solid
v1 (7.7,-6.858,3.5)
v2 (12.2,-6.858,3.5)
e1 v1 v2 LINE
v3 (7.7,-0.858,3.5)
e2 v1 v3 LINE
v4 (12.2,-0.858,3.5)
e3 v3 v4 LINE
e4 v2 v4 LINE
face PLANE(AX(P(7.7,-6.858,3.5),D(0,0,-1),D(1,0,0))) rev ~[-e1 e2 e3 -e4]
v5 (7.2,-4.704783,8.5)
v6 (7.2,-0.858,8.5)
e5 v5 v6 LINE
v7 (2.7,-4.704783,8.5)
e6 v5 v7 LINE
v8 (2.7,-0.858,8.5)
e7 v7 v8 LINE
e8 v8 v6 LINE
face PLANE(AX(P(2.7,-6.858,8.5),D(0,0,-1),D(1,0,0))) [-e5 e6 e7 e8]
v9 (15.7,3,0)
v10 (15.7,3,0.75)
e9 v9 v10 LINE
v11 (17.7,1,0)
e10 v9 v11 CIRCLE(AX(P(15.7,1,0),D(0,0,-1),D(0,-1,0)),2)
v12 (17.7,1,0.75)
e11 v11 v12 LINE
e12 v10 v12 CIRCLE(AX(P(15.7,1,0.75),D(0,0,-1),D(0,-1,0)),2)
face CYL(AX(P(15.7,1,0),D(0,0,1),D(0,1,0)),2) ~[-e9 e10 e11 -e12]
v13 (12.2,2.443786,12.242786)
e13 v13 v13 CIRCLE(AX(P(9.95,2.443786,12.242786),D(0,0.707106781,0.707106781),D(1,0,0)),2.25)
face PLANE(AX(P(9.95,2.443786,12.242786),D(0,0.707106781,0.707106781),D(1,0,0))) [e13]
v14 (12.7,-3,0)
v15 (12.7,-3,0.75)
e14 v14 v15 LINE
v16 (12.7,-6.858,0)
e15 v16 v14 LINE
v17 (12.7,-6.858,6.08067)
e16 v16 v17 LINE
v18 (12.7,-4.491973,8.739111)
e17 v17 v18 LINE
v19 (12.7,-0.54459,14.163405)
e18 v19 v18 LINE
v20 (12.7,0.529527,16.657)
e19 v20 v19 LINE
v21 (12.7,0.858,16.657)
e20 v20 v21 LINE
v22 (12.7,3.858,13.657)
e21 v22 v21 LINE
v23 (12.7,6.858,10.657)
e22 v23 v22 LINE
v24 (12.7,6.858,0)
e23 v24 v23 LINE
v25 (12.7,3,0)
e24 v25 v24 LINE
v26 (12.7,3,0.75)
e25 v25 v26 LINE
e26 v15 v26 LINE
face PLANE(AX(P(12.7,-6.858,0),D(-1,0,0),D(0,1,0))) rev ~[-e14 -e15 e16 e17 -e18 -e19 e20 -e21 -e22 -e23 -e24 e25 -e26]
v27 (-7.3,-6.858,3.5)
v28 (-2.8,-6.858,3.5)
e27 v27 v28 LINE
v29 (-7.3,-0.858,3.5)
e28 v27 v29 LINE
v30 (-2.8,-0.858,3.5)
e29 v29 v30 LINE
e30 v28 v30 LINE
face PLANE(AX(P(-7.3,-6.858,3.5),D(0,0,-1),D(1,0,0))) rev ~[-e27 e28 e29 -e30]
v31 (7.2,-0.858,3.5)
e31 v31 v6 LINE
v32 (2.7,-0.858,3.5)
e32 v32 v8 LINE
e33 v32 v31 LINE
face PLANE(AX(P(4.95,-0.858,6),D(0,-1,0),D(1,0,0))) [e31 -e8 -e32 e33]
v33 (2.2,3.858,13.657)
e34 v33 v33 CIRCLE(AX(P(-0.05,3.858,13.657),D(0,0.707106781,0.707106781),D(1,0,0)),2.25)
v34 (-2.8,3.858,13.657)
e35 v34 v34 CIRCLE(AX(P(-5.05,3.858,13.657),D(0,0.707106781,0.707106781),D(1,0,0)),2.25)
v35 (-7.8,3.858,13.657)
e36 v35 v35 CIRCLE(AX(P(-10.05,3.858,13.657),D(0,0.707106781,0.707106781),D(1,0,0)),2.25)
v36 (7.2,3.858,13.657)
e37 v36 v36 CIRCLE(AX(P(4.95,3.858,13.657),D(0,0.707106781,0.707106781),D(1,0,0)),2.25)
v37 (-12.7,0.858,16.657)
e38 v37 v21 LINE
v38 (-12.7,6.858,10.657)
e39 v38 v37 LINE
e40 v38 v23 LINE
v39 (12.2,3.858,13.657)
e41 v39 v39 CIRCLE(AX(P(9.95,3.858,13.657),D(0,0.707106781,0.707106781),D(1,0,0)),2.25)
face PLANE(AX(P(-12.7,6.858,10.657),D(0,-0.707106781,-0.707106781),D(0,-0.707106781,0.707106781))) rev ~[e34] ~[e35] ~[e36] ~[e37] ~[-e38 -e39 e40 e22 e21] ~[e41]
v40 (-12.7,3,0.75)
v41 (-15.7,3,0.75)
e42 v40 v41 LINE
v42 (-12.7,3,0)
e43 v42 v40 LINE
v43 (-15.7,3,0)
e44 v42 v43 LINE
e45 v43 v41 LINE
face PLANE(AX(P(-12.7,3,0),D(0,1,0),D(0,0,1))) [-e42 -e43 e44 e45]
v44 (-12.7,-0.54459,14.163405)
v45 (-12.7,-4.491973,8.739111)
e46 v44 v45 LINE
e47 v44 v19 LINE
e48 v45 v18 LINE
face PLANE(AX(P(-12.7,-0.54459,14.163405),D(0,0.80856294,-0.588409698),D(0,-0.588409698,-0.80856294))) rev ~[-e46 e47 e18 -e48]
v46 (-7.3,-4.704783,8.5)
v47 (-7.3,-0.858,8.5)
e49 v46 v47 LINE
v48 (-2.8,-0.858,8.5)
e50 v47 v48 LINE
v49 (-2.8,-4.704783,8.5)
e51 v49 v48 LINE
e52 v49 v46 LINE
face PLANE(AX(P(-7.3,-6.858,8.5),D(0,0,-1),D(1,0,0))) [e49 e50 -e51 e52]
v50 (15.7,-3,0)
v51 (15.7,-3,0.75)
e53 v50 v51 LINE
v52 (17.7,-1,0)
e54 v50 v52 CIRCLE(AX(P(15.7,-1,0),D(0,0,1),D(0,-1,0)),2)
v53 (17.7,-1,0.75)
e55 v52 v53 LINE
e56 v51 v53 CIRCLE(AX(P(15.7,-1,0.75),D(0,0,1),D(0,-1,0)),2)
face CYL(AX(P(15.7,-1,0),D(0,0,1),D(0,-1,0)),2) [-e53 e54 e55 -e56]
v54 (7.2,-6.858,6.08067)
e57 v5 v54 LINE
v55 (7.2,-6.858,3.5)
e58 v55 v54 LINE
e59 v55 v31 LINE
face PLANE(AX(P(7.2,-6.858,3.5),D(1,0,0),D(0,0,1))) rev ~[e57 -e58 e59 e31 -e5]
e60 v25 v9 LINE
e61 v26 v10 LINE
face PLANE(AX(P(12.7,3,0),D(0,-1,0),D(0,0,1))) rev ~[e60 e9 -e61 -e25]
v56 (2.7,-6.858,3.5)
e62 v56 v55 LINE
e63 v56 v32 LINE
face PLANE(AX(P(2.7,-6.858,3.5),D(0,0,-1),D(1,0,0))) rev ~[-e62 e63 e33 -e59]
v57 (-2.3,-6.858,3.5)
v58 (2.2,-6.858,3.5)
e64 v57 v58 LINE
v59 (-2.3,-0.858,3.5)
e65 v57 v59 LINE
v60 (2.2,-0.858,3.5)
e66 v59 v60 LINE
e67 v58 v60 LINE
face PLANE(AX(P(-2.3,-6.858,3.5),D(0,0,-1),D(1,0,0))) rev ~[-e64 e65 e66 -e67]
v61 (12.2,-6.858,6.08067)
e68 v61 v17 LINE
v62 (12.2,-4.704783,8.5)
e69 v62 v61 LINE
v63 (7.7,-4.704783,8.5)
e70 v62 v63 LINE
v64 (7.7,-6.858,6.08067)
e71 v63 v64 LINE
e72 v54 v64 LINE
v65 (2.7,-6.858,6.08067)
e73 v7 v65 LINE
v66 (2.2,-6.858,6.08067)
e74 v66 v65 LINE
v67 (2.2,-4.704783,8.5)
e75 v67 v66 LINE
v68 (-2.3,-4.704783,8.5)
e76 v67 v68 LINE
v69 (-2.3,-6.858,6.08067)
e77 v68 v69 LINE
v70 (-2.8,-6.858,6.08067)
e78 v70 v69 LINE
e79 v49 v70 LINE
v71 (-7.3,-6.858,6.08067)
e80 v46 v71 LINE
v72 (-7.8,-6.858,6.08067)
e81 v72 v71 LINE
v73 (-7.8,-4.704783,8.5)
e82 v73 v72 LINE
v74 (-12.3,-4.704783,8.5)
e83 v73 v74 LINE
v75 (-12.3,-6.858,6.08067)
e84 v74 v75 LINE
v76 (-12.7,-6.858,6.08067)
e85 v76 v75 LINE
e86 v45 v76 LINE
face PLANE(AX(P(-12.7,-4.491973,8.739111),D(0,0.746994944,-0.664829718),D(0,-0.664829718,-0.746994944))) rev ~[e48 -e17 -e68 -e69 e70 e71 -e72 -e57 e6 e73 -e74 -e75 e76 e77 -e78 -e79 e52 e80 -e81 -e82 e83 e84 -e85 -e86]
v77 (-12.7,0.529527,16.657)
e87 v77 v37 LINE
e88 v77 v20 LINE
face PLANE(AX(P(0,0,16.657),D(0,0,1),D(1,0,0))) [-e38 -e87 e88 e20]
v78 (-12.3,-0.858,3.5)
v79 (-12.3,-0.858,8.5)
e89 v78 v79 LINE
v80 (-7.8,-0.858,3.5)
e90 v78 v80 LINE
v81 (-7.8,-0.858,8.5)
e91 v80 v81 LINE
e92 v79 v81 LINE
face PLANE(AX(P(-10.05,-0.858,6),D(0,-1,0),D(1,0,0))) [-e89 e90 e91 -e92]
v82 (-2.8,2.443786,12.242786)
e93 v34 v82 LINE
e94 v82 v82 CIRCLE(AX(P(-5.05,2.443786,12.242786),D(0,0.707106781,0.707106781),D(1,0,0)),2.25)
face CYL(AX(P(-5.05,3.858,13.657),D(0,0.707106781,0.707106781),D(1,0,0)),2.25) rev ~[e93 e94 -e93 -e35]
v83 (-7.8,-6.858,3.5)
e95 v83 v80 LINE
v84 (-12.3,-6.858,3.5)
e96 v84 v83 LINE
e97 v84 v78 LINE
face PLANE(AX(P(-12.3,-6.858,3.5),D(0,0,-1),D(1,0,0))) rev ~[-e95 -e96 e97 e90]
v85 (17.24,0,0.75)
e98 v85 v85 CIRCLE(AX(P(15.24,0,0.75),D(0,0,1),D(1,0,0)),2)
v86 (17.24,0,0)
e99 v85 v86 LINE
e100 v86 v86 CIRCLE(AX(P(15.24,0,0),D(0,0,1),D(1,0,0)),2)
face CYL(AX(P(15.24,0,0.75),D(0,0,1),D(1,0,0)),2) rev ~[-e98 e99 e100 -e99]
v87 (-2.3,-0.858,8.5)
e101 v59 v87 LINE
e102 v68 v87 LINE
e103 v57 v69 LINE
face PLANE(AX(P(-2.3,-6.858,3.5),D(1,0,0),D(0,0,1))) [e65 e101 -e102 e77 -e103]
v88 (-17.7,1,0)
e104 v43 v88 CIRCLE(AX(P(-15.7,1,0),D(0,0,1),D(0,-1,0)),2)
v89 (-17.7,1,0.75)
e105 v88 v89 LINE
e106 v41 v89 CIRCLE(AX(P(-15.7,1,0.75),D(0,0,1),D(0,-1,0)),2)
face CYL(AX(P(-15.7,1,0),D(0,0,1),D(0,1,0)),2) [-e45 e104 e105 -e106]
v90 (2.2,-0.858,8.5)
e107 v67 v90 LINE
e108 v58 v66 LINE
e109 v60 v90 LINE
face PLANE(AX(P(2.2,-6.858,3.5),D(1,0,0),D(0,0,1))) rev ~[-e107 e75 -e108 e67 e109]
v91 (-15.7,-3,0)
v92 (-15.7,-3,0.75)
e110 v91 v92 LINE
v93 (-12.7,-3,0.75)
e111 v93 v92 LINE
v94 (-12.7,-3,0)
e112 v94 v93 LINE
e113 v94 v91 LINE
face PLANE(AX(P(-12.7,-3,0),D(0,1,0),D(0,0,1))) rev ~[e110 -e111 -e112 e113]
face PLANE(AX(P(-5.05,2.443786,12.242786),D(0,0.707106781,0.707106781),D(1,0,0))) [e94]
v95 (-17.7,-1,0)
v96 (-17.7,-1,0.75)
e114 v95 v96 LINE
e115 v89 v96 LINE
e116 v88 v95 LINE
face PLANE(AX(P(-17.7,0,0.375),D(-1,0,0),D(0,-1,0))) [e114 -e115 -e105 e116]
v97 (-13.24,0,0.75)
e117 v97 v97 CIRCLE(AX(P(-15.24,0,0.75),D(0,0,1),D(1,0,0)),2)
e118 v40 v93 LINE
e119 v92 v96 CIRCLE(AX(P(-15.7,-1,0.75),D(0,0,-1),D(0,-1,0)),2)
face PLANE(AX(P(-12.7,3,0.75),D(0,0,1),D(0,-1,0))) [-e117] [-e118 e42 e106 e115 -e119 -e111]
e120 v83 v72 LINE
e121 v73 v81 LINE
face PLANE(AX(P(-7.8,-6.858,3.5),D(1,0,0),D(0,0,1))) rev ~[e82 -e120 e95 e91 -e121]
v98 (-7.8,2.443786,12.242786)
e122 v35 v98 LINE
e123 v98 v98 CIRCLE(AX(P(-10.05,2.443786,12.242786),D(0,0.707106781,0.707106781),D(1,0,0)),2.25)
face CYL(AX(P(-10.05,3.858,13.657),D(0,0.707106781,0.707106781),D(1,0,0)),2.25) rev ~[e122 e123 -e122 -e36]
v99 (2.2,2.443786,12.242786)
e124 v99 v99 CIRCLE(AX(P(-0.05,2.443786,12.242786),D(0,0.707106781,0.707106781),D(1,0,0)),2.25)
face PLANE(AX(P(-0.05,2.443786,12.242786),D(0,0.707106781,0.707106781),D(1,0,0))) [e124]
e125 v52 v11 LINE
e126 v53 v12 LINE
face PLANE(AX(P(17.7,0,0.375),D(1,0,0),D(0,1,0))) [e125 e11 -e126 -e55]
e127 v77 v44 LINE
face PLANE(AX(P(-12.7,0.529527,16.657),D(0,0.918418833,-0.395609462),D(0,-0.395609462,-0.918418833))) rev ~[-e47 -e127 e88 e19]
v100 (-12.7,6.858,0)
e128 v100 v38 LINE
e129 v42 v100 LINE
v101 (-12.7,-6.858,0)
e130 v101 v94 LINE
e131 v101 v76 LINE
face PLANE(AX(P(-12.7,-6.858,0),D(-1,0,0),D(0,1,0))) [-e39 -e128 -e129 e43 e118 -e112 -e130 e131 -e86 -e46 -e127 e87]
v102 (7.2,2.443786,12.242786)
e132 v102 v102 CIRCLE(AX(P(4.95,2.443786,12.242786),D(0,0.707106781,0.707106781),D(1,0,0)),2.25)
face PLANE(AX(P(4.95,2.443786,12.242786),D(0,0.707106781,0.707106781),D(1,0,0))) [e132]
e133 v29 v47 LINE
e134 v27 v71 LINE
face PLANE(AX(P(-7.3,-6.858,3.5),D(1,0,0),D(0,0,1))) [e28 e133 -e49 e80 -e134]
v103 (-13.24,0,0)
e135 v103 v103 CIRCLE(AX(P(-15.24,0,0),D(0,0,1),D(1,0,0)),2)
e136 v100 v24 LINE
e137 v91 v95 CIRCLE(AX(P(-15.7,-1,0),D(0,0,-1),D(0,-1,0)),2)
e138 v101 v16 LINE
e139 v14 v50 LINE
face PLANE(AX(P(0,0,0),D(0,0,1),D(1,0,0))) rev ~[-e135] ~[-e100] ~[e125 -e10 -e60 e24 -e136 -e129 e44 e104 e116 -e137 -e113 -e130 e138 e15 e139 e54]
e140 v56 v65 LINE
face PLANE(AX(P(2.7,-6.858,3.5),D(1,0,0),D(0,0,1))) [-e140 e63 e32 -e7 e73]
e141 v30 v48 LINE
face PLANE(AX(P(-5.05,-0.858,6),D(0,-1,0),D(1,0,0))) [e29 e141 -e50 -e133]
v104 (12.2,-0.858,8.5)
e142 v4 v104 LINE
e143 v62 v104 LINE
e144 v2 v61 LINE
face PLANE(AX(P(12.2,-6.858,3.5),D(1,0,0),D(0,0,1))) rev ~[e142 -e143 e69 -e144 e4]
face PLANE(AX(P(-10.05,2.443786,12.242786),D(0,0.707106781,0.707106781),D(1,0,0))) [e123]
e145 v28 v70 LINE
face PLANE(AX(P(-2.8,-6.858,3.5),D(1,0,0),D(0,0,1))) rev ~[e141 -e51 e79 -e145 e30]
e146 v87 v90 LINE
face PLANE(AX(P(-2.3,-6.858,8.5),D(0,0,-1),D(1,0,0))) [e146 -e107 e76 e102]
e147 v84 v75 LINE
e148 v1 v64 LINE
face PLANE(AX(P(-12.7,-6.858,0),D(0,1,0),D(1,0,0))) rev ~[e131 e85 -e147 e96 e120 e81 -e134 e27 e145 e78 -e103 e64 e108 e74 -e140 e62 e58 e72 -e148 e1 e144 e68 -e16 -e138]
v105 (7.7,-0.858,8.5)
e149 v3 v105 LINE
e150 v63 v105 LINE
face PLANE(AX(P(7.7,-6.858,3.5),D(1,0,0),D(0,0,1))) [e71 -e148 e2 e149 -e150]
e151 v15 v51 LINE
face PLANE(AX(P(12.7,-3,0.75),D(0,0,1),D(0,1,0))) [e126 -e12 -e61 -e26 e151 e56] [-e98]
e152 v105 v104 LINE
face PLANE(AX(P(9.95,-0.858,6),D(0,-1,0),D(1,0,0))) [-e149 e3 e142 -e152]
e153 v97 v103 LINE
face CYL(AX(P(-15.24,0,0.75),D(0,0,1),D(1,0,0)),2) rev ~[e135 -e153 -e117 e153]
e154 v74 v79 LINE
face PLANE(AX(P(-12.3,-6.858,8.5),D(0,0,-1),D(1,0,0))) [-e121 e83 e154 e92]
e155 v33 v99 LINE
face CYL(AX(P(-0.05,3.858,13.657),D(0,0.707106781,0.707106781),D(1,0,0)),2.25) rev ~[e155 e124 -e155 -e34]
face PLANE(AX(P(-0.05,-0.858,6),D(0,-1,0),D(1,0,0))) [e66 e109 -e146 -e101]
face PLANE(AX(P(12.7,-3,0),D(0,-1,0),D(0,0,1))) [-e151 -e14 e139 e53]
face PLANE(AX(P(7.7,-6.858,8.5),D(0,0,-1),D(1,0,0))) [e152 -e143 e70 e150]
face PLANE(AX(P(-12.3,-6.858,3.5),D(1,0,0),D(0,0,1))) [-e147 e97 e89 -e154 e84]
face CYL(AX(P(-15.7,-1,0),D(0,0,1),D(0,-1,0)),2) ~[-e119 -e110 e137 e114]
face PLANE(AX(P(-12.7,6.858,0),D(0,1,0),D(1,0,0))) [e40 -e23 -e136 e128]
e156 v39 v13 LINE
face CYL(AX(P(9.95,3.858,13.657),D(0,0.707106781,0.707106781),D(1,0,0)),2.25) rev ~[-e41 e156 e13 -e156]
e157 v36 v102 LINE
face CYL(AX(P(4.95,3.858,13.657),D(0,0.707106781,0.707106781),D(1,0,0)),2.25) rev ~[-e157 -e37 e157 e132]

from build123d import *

# Parameters (mm, degrees)
F0_W      = 25.4
F0_H      = 13.716
F1_DEPTH  = 16.657
F3_DEPTH  = 25.401
F5_W      = 4.5
F5_H      = 5
F4_R      = 2.25
F6_DEPTH  = 6
F7_R      = 2.25
F8_DEPTH  = 2
F9_W      = 6
F9_H      = 0.75
F10_DEPTH = 5
F11_W     = 6
F11_H     = 0.75
F12_DEPTH = 5
F13_R     = 2
F14_R     = 2
F15_DEPTH = 0.751
F16_R     = 2
F17_DEPTH = 0.751


with BuildPart() as f1:
    # F0 (on Top) → F1 (new body)
    with BuildSketch(Plane.XY):
        Rectangle(F0_W, F0_H)
    extrude(amount=F1_DEPTH)

    # F2 (on face) → F3 (cut, through all)
    with BuildSketch(Plane(origin=(-12.7, 0, 0), x_dir=(0, -1, 0), z_dir=(-1, 0, 0))):
        Polygon((-6.858, 10.657), (-0.858, 16.657), (-6.858, 16.657), align=None)
        Polygon((6.858, 16.657), (-0.5295271985, 16.657), (0.5445904681, 14.1634047031), (4.491972737, 8.7391110137), (6.858, 6.0806702822), align=None)
    extrude(amount=-F3_DEPTH, mode=Mode.SUBTRACT)

    # F5 (on face) + F4 (on face) → F6 (cut)
    with BuildSketch(Plane.XZ.offset(6.858)):
        with Locations((-10.05, 6)):
            Rectangle(F5_W, F5_H)
        with Locations((-5.05, 6)):
            Rectangle(F5_W, F5_H)
        with Locations((-0.05, 6)):
            Rectangle(F5_W, F5_H)
        with Locations((4.95, 6)):
            Rectangle(F5_W, F5_H)
        with Locations((9.95, 6)):
            Rectangle(F5_W, F5_H)
        with Locations((14.95, 6)):
            Rectangle(F5_W, F5_H)
        with Locations((19.95, 6)):
            Rectangle(F5_W, F5_H)
        with Locations((24.95, 6)):
            Rectangle(F5_W, F5_H)
        with Locations((29.95, 6)):
            Rectangle(F5_W, F5_H)
        with Locations((34.95, 6)):
            Rectangle(F5_W, F5_H)
        with Locations((39.95, 6)):
            Rectangle(F5_W, F5_H)
        with Locations((44.95, 6)):
            Rectangle(F5_W, F5_H)
    with BuildSketch(Plane(origin=(0, 6.858, 0), x_dir=(-1, 0, 0), z_dir=(0, 1, 0))):
        with Locations((9.72, 5.3285)):
            Circle(F4_R)
        with Locations((4.72, 5.3285)):
            Circle(F4_R)
        with Locations((-0.28, 5.3285)):
            Circle(F4_R)
        with Locations((-5.28, 5.3285)):
            Circle(F4_R)
        with Locations((-10.28, 5.3285)):
            Circle(F4_R)
        with Locations((-15.28, 5.3285)):
            Circle(F4_R)
        with Locations((-20.28, 5.3285)):
            Circle(F4_R)
        with Locations((-25.28, 5.3285)):
            Circle(F4_R)
        with Locations((-30.28, 5.3285)):
            Circle(F4_R)
        with Locations((-35.28, 5.3285)):
            Circle(F4_R)
        with Locations((-40.28, 5.3285)):
            Circle(F4_R)
        with Locations((-45.28, 5.3285)):
            Circle(F4_R)
    extrude(amount=-F6_DEPTH, dir=(0, -1, 0), mode=Mode.SUBTRACT)

    # F7 (on face) → F8 (cut)
    with BuildSketch(Plane(origin=(0, 8.7575, 8.7575), x_dir=(1, 0, 0), z_dir=(0, 0.7071067812, 0.7071067812))):
        with Locations((-10.05, -6.9289393488)):
            Circle(F7_R)
        with Locations((-5.05, -6.9289393488)):
            Circle(F7_R)
        with Locations((-0.05, -6.9289393488)):
            Circle(F7_R)
        with Locations((4.95, -6.9289393488)):
            Circle(F7_R)
        with Locations((9.95, -6.9289393488)):
            Circle(F7_R)
        with Locations((14.95, -6.9289393488)):
            Circle(F7_R)
        with Locations((19.95, -6.9289393488)):
            Circle(F7_R)
        with Locations((24.95, -6.9289393488)):
            Circle(F7_R)
        with Locations((29.95, -6.9289393488)):
            Circle(F7_R)
        with Locations((34.95, -6.9289393488)):
            Circle(F7_R)
        with Locations((39.95, -6.9289393488)):
            Circle(F7_R)
        with Locations((44.95, -6.9289393488)):
            Circle(F7_R)
    extrude(amount=-F8_DEPTH, mode=Mode.SUBTRACT)

    # F9 (on face) → F10 (join)
    with BuildSketch(Plane(origin=(-12.7, 0, 0), x_dir=(0, -1, 0), z_dir=(-1, 0, 0))):
        with Locations((0, 0.375)):
            Rectangle(F9_W, F9_H)
    extrude(amount=F10_DEPTH)

    # F11 (on face) → F12 (join)
    with BuildSketch(Plane.YZ.offset(12.7)):
        with Locations((0, 0.375)):
            Rectangle(F11_W, F11_H)
    extrude(amount=F12_DEPTH)

    # F13
    f13_edges = [f1.edges().sort_by_distance(p)[0] for p in [
        (-17.7, 3, 0.375),
        (-17.7, -3, 0.375),
        (17.7, -3, 0.375),
        (17.7, 3, 0.375),
    ]]
    fillet(f13_edges, radius=F13_R)

    # F14 (on face) → F15 (cut, through all)
    with BuildSketch(Plane.XY.offset(0.75)):
        with Locations((-15.24, 0)):
            Circle(F14_R)
    extrude(amount=-F15_DEPTH, mode=Mode.SUBTRACT)

    # F16 (on face) → F17 (cut, through all)
    with BuildSketch(Plane.XY.offset(0.75)):
        with Locations((15.24, 0)):
            Circle(F16_R)
    extrude(amount=-F17_DEPTH, mode=Mode.SUBTRACT)


solid = f1.part
